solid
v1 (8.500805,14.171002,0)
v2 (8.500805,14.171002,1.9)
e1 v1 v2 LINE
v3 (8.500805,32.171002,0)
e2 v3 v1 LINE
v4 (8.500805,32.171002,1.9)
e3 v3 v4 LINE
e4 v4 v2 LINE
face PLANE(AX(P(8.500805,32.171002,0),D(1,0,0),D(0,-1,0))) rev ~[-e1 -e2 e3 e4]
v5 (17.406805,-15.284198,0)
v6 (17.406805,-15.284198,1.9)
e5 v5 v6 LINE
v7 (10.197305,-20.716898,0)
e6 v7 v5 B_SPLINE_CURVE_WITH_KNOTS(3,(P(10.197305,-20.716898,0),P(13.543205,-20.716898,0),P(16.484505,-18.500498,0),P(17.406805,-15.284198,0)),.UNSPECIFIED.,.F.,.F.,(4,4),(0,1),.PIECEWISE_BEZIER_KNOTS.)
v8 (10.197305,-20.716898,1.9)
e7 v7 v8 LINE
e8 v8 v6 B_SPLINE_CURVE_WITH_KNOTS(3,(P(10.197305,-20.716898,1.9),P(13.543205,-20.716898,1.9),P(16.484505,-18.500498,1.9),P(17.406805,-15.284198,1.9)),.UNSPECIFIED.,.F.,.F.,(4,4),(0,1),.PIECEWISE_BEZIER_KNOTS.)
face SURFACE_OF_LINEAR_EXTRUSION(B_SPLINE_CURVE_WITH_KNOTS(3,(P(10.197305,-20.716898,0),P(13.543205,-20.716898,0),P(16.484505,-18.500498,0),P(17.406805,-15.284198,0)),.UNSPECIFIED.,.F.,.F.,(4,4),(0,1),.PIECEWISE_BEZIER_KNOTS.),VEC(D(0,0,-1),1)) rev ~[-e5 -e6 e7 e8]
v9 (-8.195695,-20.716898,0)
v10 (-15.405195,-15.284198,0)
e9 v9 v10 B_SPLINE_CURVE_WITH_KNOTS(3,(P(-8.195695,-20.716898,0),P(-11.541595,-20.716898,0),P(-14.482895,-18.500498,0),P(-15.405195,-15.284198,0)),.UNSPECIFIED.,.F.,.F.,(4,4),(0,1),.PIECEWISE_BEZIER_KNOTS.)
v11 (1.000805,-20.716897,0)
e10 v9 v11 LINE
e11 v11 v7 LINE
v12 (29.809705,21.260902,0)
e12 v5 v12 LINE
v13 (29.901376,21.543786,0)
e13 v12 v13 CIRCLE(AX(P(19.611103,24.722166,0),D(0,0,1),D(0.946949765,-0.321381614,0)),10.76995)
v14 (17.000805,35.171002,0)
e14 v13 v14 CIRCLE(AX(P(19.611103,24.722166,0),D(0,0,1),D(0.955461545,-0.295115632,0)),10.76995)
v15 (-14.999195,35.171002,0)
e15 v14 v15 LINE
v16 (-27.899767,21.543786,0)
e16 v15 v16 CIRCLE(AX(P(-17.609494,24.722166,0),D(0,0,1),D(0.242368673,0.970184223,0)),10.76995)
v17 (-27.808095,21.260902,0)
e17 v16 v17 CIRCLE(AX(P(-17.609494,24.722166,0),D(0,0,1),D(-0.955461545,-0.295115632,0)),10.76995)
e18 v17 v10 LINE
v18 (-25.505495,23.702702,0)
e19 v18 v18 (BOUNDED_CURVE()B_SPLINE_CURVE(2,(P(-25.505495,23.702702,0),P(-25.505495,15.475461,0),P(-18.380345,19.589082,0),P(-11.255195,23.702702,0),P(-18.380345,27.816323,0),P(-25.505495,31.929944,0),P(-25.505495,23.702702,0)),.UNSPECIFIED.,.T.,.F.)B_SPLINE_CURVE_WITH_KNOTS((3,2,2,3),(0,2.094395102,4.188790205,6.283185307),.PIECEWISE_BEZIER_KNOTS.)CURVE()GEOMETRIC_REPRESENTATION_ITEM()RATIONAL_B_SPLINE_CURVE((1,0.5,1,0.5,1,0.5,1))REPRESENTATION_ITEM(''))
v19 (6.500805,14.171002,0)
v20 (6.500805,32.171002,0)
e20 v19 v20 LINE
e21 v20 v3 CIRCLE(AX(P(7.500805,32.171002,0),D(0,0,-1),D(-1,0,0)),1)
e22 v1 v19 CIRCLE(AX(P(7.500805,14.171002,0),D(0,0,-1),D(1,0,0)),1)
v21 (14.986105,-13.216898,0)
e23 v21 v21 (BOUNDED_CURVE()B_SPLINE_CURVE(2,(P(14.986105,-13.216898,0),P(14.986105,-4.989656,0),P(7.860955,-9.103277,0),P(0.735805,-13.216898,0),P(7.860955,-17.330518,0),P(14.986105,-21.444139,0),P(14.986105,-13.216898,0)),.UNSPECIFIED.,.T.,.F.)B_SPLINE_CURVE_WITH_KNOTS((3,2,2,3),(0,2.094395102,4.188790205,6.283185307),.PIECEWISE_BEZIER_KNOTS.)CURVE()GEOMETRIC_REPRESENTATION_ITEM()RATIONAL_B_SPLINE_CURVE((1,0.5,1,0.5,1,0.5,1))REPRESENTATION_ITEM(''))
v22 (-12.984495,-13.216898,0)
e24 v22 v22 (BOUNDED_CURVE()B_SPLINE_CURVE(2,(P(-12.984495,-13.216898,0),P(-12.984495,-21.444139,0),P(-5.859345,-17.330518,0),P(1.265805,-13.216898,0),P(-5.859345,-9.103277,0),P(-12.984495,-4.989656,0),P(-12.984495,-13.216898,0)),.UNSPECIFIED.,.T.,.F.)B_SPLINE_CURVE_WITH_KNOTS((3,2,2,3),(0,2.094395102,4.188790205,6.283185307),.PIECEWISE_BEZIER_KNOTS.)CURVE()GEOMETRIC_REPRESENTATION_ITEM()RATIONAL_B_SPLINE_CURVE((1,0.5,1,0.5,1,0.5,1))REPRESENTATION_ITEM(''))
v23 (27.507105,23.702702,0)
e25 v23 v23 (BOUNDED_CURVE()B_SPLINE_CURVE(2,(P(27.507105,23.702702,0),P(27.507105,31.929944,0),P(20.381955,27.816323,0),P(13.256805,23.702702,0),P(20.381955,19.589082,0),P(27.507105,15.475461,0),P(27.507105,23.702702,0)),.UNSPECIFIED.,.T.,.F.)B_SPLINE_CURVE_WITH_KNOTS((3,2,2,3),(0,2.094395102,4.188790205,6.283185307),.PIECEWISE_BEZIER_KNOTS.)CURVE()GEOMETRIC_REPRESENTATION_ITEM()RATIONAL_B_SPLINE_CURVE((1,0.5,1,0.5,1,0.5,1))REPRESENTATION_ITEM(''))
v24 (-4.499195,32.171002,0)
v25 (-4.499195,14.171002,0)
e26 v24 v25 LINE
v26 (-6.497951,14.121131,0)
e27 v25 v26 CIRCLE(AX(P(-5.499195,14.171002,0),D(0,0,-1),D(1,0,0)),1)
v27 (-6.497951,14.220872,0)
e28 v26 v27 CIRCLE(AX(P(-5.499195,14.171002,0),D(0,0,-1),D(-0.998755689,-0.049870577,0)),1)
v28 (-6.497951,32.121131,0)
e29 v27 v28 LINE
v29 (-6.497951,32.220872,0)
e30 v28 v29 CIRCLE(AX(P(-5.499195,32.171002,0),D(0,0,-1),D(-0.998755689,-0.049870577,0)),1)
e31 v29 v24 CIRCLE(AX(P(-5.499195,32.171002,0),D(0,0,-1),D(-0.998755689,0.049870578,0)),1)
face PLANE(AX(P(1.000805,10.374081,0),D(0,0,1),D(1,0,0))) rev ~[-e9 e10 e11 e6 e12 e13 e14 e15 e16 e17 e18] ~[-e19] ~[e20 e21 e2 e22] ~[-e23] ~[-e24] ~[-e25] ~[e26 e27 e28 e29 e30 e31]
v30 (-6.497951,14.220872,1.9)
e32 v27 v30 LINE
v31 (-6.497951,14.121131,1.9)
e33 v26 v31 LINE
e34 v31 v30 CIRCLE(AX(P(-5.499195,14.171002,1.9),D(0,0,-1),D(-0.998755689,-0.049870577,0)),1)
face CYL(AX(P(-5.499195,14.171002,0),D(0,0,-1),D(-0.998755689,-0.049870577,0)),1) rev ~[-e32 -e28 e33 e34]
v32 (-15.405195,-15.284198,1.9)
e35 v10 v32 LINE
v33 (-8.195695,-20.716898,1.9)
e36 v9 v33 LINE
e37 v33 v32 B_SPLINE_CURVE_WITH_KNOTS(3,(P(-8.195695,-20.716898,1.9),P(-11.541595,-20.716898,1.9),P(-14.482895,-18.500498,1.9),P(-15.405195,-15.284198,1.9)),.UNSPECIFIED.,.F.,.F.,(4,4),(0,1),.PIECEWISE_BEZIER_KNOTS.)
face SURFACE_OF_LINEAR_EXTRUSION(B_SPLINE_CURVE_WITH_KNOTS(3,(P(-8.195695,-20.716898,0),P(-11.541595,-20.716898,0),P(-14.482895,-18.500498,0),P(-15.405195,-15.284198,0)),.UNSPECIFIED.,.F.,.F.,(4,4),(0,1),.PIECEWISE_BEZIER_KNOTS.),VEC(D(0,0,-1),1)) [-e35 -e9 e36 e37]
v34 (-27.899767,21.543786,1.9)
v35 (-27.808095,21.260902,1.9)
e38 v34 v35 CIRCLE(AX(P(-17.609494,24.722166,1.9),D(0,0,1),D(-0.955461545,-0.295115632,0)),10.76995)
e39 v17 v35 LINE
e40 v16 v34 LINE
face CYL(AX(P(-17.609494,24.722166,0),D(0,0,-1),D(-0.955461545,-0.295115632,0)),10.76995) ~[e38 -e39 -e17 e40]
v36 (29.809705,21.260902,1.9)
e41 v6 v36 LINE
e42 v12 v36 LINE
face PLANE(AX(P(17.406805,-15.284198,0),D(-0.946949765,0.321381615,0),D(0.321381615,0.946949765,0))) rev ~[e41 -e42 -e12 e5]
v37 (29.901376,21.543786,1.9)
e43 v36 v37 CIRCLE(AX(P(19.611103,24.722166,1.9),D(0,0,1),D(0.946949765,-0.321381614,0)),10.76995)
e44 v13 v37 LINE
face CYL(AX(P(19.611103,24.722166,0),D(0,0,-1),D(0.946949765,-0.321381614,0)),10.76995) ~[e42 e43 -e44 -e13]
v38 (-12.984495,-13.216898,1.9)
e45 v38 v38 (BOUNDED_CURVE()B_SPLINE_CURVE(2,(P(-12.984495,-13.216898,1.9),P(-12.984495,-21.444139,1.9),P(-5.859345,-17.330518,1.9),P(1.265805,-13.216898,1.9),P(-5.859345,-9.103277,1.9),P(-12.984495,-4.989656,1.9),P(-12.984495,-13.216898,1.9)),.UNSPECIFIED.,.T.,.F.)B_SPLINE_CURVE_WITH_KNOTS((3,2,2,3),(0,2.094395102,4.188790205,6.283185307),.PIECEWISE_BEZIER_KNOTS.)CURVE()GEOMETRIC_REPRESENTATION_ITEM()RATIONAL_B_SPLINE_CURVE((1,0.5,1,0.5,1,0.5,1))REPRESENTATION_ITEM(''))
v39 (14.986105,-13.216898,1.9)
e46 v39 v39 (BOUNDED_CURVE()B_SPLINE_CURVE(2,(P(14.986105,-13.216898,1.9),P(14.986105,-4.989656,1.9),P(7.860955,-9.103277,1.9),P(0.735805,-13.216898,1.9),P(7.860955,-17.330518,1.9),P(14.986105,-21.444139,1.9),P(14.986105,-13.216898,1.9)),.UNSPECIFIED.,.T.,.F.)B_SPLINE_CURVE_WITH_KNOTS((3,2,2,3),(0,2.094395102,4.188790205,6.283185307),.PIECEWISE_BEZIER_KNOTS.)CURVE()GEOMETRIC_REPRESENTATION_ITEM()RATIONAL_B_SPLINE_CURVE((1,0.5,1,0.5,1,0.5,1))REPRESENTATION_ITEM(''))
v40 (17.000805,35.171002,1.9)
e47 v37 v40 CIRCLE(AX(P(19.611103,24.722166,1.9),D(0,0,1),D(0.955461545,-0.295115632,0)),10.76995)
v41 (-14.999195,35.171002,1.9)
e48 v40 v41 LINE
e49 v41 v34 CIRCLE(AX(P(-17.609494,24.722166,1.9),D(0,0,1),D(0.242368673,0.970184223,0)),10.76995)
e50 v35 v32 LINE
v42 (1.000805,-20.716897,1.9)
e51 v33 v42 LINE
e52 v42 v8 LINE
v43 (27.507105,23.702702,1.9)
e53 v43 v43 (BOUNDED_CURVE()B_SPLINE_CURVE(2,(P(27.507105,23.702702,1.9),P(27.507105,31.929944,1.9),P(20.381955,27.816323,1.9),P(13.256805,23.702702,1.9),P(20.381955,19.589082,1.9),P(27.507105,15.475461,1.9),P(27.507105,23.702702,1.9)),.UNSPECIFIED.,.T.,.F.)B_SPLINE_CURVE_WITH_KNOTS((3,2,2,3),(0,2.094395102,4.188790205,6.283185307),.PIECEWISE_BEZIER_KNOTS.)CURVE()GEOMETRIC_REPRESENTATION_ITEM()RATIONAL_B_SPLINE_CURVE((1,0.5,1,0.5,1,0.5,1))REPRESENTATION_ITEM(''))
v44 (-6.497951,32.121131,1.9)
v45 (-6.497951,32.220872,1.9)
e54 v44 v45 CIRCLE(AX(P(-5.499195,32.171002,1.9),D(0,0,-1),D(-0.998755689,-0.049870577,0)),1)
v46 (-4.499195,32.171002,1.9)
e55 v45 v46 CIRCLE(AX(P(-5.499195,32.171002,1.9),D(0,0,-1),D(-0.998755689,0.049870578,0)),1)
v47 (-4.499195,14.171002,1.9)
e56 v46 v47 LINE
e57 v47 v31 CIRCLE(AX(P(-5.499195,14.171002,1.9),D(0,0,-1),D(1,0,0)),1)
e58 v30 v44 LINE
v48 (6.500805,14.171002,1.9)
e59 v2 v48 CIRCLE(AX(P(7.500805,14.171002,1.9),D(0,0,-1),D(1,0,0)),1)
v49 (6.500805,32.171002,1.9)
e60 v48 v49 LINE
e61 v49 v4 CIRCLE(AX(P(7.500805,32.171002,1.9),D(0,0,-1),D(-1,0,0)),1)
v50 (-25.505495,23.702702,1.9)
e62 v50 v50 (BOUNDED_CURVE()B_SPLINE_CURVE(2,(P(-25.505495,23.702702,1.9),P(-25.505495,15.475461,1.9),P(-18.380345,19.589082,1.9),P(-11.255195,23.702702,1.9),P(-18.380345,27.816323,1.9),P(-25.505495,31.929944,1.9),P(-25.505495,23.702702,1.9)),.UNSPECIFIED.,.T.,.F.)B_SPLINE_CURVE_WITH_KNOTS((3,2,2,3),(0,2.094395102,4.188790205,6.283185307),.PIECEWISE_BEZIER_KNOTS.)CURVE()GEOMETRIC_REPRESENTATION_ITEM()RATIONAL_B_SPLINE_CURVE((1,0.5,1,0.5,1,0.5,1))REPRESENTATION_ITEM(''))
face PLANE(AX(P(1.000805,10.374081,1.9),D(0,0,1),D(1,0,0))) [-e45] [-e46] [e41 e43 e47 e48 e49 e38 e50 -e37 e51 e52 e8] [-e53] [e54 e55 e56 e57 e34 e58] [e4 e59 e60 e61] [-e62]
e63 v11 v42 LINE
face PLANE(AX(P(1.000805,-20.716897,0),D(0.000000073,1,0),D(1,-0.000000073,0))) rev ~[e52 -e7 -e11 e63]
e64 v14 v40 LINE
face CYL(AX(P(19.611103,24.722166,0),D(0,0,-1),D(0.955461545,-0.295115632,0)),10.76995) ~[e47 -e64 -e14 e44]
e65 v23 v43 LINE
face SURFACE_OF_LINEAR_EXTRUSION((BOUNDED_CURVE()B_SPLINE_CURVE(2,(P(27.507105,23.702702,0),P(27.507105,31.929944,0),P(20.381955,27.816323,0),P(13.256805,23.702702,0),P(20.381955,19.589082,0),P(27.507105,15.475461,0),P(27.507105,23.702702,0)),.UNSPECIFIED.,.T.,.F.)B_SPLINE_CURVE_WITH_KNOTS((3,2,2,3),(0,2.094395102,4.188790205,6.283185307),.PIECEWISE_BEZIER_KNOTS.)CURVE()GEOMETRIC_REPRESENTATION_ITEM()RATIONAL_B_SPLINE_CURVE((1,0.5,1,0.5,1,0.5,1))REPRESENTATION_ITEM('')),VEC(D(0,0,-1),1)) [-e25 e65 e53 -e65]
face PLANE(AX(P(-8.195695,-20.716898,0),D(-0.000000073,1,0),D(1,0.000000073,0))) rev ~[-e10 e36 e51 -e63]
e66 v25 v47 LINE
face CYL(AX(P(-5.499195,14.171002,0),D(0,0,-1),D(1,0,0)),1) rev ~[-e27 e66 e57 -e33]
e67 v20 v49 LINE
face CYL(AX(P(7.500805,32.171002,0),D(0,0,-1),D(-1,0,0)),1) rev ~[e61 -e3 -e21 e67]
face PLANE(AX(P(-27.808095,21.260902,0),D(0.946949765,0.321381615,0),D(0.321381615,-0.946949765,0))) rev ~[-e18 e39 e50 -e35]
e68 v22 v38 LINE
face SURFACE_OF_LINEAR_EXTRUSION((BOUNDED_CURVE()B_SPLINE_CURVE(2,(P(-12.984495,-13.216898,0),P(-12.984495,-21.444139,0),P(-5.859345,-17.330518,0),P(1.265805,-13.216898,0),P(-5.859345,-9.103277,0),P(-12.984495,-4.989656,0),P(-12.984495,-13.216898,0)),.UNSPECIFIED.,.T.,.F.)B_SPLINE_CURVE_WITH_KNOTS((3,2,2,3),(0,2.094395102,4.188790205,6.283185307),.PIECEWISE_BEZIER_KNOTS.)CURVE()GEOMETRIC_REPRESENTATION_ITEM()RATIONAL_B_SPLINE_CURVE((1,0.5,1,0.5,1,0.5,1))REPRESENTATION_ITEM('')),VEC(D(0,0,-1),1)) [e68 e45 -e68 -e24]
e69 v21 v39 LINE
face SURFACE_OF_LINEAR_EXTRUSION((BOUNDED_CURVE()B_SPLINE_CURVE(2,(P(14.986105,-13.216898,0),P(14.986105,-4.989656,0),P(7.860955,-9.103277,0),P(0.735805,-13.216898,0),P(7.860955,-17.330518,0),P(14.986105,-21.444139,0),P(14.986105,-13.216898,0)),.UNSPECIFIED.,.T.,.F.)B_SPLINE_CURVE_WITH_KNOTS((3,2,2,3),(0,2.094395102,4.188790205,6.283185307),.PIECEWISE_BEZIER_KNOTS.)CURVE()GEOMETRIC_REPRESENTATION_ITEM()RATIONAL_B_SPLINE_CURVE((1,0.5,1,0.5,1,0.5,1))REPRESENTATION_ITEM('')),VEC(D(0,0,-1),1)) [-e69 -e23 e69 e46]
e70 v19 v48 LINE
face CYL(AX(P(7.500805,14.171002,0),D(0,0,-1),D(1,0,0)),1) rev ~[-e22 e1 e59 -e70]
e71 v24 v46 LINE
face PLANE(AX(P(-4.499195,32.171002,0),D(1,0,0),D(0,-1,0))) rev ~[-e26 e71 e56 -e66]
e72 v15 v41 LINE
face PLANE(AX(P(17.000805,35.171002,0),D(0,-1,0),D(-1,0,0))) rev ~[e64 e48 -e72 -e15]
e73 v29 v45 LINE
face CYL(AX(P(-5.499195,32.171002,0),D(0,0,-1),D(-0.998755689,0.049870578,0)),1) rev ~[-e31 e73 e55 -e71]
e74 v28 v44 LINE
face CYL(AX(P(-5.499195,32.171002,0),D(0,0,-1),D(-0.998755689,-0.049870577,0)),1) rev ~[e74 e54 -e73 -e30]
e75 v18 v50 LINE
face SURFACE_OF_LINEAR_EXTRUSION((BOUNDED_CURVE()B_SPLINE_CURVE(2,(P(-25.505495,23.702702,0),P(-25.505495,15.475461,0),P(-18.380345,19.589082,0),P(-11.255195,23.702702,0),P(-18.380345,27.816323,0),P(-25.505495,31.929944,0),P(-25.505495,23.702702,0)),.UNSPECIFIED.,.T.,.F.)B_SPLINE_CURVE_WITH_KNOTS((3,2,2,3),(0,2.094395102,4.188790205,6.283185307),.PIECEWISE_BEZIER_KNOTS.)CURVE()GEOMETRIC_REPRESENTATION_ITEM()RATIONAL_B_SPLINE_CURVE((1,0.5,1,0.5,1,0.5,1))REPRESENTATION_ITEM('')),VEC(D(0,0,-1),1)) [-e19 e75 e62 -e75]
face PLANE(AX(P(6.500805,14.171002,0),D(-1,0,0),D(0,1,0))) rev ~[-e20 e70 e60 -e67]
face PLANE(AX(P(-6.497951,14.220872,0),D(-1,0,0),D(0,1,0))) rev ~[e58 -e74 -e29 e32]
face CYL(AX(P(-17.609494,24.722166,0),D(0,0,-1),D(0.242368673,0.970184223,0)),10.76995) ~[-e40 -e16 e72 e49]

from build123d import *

# Parameters (mm, degrees)
F1_DEPTH = 1.9


with BuildPart() as f1:
    # F0 (on Top) → F1 (new body)
    with BuildSketch(Plane.XY):
        with BuildLine():
            Line((1.0008045885, -20.7168969117), (10.1973045885, -20.7168975789))
            add(Edge.make_bspline(
                [(10.1973045885, -20.7168975789), (13.5432045885, -20.7168975789), (16.4845045885, -18.5004975789), (17.4068045885, -15.2841975789)],
                knots=[0, 0, 0, 0, 1, 1, 1, 1], degree=3))
            Line((17.4068045885, -15.2841975789), (29.8097045885, 21.2609024211))
            ThreePointArc((29.8097045885, 21.2609024211), (29.8565166822, 21.4020276752), (29.9013760294, 21.5437857382))
            ThreePointArc((29.9013760294, 21.5437857382), (27.4322766526, 32.1262911428), (17.0008045885, 35.1710017932))
            Line((17.0008045885, 35.1710017932), (9.0008045885, 35.1710017932))
            Line((9.0008045885, 35.1710017932), (1.0008045885, 35.1710017932))
            Line((1.0008045885, 35.1710017932), (-14.9991954115, 35.1710017932))
            ThreePointArc((-14.9991954115, 35.1710017932), (-25.4306674757, 32.1262911428), (-27.8997668525, 21.5437857382))
            ThreePointArc((-27.8997668525, 21.5437857382), (-27.8549075053, 21.4020276752), (-27.8080954115, 21.2609024211))
            Line((-27.8080954115, 21.2609024211), (-15.4051954115, -15.2841975789))
            add(Edge.make_bspline(
                [(-8.1956954115, -20.7168975789), (-11.5415954115, -20.7168975789), (-14.4828954115, -18.5004975789), (-15.4051954115, -15.2841975789)],
                knots=[0, 0, 0, 0, 1, 1, 1, 1], degree=3))
            Line((-8.1956954115, -20.7168975789), (1.0008045885, -20.7168969117))
        make_face()
        with BuildLine():
            add(Edge.make_bspline(
                [(-12.9844954115, -13.2168975789), (-12.9844954115, -21.4441389148), (-5.8593454115, -17.3305182469), (1.2658045885, -13.2168975789), (-5.8593454115, -9.1032769109), (-12.9844954115, -4.9896562429), (-12.9844954115, -13.2168975789)],
                knots=[0, 0, 0, 2.0943951024, 2.0943951024, 4.1887902048, 4.1887902048, 6.2831853072, 6.2831853072, 6.2831853072], degree=2, weights=[1, 0.5, 1, 0.5, 1, 0.5, 1]))
        make_face(mode=Mode.SUBTRACT)
        with BuildLine():
            add(Edge.make_bspline(
                [(14.9861045885, -13.2168975789), (14.9861045885, -4.9896562429), (7.8609545885, -9.1032769109), (0.7358045885, -13.2168975789), (7.8609545885, -17.3305182469), (14.9861045885, -21.4441389148), (14.9861045885, -13.2168975789)],
                knots=[0, 0, 0, 2.0943951024, 2.0943951024, 4.1887902048, 4.1887902048, 6.2831853072, 6.2831853072, 6.2831853072], degree=2, weights=[1, 0.5, 1, 0.5, 1, 0.5, 1]))
        make_face(mode=Mode.SUBTRACT)
        with BuildLine():
            add(Edge.make_bspline(
                [(-25.5054954115, 23.7027024211), (-25.5054954115, 15.4754610852), (-18.3803454115, 19.5890817531), (-11.2551954115, 23.7027024211), (-18.3803454115, 27.8163230891), (-25.5054954115, 31.9299437571), (-25.5054954115, 23.7027024211)],
                knots=[0, 0, 0, 2.0943951024, 2.0943951024, 4.1887902048, 4.1887902048, 6.2831853072, 6.2831853072, 6.2831853072], degree=2, weights=[1, 0.5, 1, 0.5, 1, 0.5, 1]))
        make_face(mode=Mode.SUBTRACT)
        with BuildLine():
            ThreePointArc((-6.4979511001, 32.2208723713), (-5.474252362, 33.1706906669), (-4.4991954115, 32.1710017932))
            Line((-4.4991954115, 32.1710017932), (-4.4991954115, 14.1710017932))
            ThreePointArc((-4.4991954115, 14.1710017932), (-5.474252362, 13.1713129195), (-6.4979511001, 14.1211312151))
            ThreePointArc((-6.4979511001, 14.1211312151), (-6.4991954115, 14.1710017932), (-6.4979511001, 14.2208723713))
            Line((-6.4979511001, 14.2208723713), (-6.4979511001, 32.1211312151))
            ThreePointArc((-6.4979511001, 32.1211312151), (-6.4991954115, 32.1710017932), (-6.4979511001, 32.2208723713))
        make_face(mode=Mode.SUBTRACT)
        with BuildLine():
            ThreePointArc((6.5008045885, 32.1710017932), (7.5008045885, 33.1710017932), (8.5008045885, 32.1710017932))
            Line((8.5008045885, 32.1710017932), (8.5008045885, 14.1710017932))
            ThreePointArc((8.5008045885, 14.1710017932), (7.5008045885, 13.1710017932), (6.5008045885, 14.1710017932))
            Line((6.5008045885, 14.1710017932), (6.5008045885, 32.1710017932))
        make_face(mode=Mode.SUBTRACT)
        with BuildLine():
            add(Edge.make_bspline(
                [(27.5071045885, 23.7027024211), (27.5071045885, 31.9299437571), (20.3819545885, 27.8163230891), (13.2568045885, 23.7027024211), (20.3819545885, 19.5890817531), (27.5071045885, 15.4754610852), (27.5071045885, 23.7027024211)],
                knots=[0, 0, 0, 2.0943951024, 2.0943951024, 4.1887902048, 4.1887902048, 6.2831853072, 6.2831853072, 6.2831853072], degree=2, weights=[1, 0.5, 1, 0.5, 1, 0.5, 1]))
        make_face(mode=Mode.SUBTRACT)
    extrude(amount=F1_DEPTH)


solid = f1.part
